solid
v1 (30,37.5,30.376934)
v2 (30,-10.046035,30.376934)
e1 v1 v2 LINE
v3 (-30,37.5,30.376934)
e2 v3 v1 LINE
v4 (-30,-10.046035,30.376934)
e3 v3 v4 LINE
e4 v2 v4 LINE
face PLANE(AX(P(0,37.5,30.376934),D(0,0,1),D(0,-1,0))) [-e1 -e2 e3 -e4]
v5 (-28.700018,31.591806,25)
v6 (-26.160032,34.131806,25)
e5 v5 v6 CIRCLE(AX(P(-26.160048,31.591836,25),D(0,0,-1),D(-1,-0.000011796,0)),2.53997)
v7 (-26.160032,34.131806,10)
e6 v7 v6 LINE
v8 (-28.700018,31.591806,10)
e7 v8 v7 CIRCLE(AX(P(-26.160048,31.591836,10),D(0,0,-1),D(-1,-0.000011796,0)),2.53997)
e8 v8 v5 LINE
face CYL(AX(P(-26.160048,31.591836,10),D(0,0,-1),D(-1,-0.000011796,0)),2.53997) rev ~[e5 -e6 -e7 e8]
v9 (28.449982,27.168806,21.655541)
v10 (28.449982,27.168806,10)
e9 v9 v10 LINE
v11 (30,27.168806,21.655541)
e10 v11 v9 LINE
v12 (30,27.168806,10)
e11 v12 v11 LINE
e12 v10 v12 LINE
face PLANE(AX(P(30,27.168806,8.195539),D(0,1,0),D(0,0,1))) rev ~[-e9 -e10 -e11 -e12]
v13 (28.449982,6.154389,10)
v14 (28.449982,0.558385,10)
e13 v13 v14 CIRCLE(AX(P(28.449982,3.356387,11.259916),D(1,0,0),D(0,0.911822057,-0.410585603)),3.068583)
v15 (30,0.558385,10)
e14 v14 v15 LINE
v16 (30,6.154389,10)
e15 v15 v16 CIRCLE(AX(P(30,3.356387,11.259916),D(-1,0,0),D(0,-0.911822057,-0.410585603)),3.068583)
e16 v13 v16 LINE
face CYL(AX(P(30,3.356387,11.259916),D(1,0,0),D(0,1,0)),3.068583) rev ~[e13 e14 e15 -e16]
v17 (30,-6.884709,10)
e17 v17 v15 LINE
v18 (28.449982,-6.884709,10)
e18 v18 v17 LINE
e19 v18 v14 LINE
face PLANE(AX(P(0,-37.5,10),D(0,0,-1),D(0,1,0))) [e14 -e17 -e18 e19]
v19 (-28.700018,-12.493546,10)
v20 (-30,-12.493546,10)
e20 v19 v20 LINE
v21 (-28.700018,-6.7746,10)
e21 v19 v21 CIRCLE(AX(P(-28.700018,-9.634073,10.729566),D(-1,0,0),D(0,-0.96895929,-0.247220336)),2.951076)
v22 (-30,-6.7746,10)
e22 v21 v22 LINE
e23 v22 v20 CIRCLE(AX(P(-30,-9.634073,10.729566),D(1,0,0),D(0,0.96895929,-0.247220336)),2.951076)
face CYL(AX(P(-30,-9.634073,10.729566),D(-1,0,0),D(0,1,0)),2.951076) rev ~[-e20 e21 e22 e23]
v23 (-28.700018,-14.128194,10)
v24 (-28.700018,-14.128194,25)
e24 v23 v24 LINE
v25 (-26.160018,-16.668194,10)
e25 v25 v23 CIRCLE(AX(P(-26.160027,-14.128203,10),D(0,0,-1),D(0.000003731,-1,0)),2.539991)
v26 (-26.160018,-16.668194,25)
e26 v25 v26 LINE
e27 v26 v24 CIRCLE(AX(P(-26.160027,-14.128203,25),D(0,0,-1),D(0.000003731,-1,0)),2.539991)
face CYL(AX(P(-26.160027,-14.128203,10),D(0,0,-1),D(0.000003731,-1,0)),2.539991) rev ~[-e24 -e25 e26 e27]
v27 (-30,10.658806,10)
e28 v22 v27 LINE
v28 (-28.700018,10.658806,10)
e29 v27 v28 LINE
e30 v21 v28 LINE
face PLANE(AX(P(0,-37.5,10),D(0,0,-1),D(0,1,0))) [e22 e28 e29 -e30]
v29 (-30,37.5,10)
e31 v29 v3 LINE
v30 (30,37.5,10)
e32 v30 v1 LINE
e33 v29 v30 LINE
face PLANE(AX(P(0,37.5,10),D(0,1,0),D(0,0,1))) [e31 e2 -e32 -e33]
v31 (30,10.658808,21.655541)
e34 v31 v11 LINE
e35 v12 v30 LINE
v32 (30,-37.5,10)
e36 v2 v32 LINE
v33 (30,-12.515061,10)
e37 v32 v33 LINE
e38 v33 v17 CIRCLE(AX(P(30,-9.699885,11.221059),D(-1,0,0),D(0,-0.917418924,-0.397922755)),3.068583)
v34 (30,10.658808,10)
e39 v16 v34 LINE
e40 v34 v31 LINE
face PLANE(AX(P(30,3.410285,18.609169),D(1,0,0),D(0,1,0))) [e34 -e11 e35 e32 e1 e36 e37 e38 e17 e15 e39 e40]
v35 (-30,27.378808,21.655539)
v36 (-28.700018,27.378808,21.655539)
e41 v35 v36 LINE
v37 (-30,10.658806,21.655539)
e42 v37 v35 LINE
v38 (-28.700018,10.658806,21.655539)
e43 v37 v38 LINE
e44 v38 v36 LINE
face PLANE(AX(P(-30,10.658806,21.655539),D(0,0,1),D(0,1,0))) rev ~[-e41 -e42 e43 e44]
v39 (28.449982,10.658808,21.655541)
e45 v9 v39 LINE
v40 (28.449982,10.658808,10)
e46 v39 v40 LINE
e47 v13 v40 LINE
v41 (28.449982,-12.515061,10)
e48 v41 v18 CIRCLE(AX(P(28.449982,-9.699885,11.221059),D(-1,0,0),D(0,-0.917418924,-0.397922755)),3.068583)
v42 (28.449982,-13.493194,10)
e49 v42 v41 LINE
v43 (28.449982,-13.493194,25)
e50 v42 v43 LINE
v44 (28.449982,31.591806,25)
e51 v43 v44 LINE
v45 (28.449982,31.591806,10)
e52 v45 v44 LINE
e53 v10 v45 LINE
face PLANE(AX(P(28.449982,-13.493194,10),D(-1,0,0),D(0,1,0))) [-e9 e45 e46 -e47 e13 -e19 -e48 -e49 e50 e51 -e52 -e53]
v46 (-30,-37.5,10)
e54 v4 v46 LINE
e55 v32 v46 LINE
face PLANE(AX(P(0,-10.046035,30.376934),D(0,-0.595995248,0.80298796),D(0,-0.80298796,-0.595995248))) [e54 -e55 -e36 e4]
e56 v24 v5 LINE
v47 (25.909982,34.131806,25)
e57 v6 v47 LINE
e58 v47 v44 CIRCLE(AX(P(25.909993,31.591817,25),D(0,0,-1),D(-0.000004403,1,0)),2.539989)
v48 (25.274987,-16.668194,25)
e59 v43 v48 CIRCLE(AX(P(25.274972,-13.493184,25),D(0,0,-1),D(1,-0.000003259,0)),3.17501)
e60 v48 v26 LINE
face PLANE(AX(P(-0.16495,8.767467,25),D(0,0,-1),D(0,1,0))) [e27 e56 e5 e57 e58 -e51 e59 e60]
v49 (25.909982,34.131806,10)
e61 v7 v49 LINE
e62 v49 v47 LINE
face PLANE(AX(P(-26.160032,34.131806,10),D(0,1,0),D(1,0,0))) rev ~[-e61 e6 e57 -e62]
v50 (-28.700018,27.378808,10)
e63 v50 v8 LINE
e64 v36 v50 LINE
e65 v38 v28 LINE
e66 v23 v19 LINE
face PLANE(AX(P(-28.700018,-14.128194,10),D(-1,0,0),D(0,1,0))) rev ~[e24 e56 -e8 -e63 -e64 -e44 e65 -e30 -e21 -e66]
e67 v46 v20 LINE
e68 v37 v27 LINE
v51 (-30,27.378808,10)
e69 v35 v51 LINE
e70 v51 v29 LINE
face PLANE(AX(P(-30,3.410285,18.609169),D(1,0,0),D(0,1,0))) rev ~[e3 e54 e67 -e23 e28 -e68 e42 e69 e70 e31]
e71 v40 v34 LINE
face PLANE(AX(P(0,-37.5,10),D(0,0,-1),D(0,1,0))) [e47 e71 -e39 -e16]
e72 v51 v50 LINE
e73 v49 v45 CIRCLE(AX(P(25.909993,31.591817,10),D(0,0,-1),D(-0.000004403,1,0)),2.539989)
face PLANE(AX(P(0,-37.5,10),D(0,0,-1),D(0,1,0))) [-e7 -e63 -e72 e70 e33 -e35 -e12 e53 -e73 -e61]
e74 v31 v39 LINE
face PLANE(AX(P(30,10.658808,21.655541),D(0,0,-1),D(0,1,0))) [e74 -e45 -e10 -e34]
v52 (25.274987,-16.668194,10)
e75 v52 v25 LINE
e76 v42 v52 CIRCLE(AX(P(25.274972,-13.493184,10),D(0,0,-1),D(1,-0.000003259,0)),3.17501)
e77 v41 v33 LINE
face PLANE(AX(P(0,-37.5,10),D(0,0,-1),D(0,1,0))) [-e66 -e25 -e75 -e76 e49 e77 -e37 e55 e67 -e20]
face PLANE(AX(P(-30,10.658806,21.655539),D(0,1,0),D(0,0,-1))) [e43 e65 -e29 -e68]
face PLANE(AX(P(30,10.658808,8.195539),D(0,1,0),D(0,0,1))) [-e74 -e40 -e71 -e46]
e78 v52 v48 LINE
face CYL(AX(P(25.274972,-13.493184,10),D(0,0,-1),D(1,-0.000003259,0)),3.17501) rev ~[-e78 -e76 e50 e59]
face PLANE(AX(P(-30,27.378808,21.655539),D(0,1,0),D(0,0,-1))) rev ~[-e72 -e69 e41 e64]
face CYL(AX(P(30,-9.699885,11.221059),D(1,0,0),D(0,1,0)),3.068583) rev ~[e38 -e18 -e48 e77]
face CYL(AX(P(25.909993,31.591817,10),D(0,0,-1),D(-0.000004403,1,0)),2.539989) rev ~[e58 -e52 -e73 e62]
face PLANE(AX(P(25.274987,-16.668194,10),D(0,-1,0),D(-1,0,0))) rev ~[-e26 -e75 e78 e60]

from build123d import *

# Parameters (mm, degrees)
PAD001_DEPTH    = 30
POCKET002_DEPTH = 15
SKETCH010_R     = 2.951076
SKETCH010_W     = 16.720002
SKETCH010_H     = 13.459998
POCKET003_DEPTH = 5
SKETCH011_R     = 3.068583
SKETCH011_W     = 16.509998
SKETCH011_H     = 13.460002
POCKET004_DEPTH = 5


with BuildPart() as part:
    # Sketch008 → Pad001 (new body, symmetric)
    with BuildSketch(Plane.YZ):
        Polygon((-37.5, 10), (37.5, 10), (37.5, 30.376934), (-10.046035, 30.376934), align=None)
    extrude(amount=PAD001_DEPTH, both=True)

    # Sketch009 (on Face1 of Pad001) → Pocket002 (cut)
    with BuildSketch(Plane.YX.offset(-10)):
        with BuildLine():
            Line((-16.668194, 25.274987), (-16.668194, -26.160018))
            ThreePointArc((-16.668194, -26.160018), (-15.924248, -27.956072), (-14.128194, -28.700018))
            Line((-14.128194, -28.700018), (31.591806, -28.700018))
            ThreePointArc((31.591806, -28.700018), (33.387861, -27.956083), (34.131806, -26.160032))
            Line((34.131806, -26.160032), (34.131806, 25.909982))
            ThreePointArc((34.131806, 25.909982), (33.38786, 27.706037), (31.591806, 28.449982))
            Line((-13.493194, 28.449982), (31.591806, 28.449982))
            ThreePointArc((-13.493194, 28.449982), (-15.738253, 27.520045), (-16.668194, 25.274987))
        make_face()
    extrude(amount=-POCKET002_DEPTH, mode=Mode.SUBTRACT)

    # Sketch010 (on Face3 of Pocket002) → Pocket003 (cut)
    with BuildSketch(Plane(origin=(-30, 0, 0), x_dir=(0, 1, 0), z_dir=(-1, 0, 0))):
        with Locations((-9.634073, -10.729566)):
            Circle(SKETCH010_R)
        with Locations((19.018807, -14.92554)):
            Rectangle(SKETCH010_W, SKETCH010_H)
    extrude(amount=-POCKET003_DEPTH, mode=Mode.SUBTRACT)

    # Sketch011 (on Face14 of Pocket003) → Pocket004 (cut)
    with BuildSketch(Plane.YZ.offset(30)):
        with Locations((3.356387, 11.259916)):
            Circle(SKETCH011_R)
        with Locations((-9.699885, 11.221059)):
            Circle(SKETCH011_R)
        with Locations((18.913807, 14.92554)):
            Rectangle(SKETCH011_W, SKETCH011_H)
    extrude(amount=-POCKET004_DEPTH, mode=Mode.SUBTRACT)


solid = part.part
